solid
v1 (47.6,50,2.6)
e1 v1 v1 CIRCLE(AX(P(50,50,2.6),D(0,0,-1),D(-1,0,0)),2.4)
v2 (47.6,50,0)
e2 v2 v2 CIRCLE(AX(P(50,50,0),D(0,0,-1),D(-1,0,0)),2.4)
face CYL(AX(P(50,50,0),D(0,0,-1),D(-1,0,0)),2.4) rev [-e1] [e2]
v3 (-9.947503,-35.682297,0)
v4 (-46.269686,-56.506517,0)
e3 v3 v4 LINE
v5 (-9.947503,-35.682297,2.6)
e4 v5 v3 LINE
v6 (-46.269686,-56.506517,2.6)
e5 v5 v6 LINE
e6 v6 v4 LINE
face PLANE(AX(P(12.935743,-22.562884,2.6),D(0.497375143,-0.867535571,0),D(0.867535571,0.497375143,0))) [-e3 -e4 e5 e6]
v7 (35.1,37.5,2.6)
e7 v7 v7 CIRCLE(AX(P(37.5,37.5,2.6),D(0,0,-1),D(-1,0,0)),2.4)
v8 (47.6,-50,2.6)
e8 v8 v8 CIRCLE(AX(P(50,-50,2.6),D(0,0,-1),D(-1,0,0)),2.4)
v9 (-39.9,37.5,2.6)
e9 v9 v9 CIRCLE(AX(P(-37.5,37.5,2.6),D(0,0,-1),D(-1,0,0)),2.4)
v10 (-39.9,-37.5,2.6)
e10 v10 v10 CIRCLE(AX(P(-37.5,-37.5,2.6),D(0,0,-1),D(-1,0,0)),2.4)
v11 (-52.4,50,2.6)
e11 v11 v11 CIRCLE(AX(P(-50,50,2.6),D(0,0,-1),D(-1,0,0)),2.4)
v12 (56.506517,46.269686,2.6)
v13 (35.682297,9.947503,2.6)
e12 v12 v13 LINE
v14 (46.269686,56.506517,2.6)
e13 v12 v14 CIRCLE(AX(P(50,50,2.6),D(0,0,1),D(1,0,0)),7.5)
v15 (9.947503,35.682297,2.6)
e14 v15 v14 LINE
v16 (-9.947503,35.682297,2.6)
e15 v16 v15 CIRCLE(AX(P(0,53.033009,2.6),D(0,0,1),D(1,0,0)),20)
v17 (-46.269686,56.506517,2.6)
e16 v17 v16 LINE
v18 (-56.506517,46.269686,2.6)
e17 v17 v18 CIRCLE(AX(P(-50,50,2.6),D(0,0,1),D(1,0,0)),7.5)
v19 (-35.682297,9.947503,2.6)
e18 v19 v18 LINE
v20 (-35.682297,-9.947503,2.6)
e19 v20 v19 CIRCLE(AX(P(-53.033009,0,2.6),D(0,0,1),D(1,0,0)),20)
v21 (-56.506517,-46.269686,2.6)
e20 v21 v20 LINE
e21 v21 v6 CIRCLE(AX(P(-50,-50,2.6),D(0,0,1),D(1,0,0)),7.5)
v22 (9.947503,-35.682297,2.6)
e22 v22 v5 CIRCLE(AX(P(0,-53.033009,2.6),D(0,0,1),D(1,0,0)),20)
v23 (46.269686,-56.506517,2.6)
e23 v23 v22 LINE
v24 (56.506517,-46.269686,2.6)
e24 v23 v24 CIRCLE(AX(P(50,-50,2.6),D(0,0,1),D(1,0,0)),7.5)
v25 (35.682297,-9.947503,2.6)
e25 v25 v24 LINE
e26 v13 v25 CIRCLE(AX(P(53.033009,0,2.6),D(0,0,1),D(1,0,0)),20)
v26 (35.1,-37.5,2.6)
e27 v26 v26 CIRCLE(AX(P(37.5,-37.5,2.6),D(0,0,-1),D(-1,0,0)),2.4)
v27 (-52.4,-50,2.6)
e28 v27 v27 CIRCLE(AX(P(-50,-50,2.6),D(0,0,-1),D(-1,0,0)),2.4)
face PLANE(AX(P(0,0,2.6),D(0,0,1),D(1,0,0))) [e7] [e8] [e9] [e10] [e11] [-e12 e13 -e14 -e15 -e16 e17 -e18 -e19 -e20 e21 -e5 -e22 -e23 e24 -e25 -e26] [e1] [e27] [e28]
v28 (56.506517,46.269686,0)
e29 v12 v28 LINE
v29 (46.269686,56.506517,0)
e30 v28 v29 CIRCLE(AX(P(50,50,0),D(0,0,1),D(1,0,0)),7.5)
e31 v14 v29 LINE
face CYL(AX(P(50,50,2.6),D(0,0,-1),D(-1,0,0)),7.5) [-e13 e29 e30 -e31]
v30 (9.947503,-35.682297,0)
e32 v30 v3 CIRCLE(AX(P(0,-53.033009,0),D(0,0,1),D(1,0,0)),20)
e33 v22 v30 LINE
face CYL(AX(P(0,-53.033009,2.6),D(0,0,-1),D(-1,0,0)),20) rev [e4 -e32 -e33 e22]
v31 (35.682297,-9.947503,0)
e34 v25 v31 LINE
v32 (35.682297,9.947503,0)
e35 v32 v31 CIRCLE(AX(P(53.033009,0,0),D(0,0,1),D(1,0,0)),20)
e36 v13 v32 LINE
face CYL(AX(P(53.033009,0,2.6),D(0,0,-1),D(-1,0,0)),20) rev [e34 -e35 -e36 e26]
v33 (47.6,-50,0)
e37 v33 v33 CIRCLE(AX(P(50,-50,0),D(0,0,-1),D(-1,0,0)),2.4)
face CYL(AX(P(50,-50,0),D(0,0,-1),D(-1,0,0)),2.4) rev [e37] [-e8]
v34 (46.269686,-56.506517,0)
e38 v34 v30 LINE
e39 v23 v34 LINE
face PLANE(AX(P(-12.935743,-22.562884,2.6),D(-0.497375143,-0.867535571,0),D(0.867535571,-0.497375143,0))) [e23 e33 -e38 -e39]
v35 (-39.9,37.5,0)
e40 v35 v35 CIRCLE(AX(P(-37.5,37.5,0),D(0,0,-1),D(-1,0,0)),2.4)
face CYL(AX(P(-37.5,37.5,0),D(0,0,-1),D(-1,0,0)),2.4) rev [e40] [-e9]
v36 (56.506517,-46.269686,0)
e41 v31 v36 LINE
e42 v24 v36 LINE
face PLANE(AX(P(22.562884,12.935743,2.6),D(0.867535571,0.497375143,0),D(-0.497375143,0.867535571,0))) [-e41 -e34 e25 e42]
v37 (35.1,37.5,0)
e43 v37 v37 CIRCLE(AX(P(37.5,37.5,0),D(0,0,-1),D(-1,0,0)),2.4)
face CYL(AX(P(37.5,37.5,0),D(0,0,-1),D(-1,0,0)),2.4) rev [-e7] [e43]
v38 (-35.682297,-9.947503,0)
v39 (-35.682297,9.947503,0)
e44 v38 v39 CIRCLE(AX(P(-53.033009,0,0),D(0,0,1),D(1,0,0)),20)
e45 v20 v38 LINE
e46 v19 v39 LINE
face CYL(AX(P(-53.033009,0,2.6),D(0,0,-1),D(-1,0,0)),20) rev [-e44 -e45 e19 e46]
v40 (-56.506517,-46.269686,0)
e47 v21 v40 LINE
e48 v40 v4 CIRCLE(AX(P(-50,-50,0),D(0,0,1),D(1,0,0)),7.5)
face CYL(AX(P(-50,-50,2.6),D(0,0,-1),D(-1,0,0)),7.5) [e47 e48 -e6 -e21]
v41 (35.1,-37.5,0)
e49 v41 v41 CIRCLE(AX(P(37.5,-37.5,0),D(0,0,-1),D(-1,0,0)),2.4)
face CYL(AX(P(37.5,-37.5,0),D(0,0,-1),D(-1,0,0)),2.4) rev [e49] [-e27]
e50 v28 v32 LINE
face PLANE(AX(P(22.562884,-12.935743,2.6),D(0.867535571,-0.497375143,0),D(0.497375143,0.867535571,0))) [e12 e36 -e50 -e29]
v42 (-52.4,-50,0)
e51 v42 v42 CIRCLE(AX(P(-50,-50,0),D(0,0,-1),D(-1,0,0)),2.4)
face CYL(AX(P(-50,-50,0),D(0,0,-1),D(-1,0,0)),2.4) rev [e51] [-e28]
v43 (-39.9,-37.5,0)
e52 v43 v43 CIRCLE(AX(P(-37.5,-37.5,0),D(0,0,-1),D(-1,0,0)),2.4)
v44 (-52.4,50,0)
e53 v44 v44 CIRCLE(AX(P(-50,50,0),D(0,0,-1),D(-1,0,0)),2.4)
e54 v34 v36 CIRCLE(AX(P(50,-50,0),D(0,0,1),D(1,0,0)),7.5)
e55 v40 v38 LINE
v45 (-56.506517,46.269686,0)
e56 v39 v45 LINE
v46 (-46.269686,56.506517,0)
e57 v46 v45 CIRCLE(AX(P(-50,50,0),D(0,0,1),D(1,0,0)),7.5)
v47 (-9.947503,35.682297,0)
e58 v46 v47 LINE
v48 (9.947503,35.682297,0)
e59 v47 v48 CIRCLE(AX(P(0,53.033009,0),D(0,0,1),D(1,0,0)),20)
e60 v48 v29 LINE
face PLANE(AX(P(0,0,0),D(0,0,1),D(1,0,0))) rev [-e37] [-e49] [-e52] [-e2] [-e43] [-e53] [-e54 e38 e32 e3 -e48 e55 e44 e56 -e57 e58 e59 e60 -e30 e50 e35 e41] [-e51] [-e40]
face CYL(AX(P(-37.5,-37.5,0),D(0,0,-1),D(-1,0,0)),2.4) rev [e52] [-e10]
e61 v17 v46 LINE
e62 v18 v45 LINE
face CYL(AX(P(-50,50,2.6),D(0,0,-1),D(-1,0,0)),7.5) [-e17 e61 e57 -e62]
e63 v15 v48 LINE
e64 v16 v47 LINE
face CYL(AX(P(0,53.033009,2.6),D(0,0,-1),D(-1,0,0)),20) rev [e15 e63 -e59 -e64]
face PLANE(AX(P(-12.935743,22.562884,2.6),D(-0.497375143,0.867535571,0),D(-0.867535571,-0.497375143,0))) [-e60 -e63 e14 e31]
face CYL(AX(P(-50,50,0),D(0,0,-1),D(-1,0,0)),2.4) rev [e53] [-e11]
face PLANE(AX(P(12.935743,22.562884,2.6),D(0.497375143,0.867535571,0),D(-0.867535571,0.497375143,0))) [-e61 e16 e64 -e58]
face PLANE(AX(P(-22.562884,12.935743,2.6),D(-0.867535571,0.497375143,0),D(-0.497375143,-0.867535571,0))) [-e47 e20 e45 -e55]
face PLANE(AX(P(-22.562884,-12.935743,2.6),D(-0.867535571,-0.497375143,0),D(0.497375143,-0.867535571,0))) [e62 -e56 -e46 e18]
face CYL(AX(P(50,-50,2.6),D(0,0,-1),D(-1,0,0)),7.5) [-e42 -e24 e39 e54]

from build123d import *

# Parameters (mm, degrees)
BOSS_EXTRUDE1_DEPTH  = 2.6
M4_CLEARANCE_HOLE1_D = 4.8


with BuildPart() as part:
    # Sketch1 → Boss-Extrude1 (new body)
    with BuildSketch(Plane.XY):
        with BuildLine():
            Line((-35.68229717, 9.947502865), (-56.506516782, 46.269686426))
            ThreePointArc((-56.506516782, 46.269686426), (-55.303300859, 55.303300859), (-46.269686426, 56.506516782))
            Line((-46.269686426, 56.506516782), (-9.947502865, 35.68229717))
            ThreePointArc((-9.947502865, 35.68229717), (0, 33.033008589), (9.947502865, 35.68229717))
            Line((9.947502865, 35.68229717), (46.269686426, 56.506516782))
            ThreePointArc((46.269686426, 56.506516782), (55.303300859, 55.303300859), (56.506516782, 46.269686426))
            Line((56.506516782, 46.269686426), (35.68229717, 9.947502865))
            ThreePointArc((35.68229717, 9.947502865), (33.033008589, 0), (35.68229717, -9.947502865))
            Line((35.68229717, -9.947502865), (56.506516782, -46.269686426))
            ThreePointArc((56.506516782, -46.269686426), (55.303300859, -55.303300859), (46.269686426, -56.506516782))
            Line((46.269686426, -56.506516782), (9.947502865, -35.68229717))
            ThreePointArc((9.947502865, -35.68229717), (0, -33.033008589), (-9.947502865, -35.68229717))
            Line((-9.947502865, -35.68229717), (-46.269686426, -56.506516782))
            ThreePointArc((-46.269686426, -56.506516782), (-55.303300859, -55.303300859), (-56.506516782, -46.269686426))
            Line((-56.506516782, -46.269686426), (-35.68229717, -9.947502865))
            ThreePointArc((-35.68229717, -9.947502865), (-33.033008589, 0), (-35.68229717, 9.947502865))
        make_face()
    extrude(amount=BOSS_EXTRUDE1_DEPTH)

    # M4 Clearance Hole1 (through all)
    with Locations(Plane(origin=(0, 0, 0), x_dir=(1, 0, 0), z_dir=(0, 0, -1))):
        with Locations((-50, -50), (-37.5, -37.5), (37.5, -37.5), (50, -50), (50, 50), (37.5, 37.5), (-37.5, 37.5), (-50, 50)):
            Hole(M4_CLEARANCE_HOLE1_D / 2)


solid = part.part
